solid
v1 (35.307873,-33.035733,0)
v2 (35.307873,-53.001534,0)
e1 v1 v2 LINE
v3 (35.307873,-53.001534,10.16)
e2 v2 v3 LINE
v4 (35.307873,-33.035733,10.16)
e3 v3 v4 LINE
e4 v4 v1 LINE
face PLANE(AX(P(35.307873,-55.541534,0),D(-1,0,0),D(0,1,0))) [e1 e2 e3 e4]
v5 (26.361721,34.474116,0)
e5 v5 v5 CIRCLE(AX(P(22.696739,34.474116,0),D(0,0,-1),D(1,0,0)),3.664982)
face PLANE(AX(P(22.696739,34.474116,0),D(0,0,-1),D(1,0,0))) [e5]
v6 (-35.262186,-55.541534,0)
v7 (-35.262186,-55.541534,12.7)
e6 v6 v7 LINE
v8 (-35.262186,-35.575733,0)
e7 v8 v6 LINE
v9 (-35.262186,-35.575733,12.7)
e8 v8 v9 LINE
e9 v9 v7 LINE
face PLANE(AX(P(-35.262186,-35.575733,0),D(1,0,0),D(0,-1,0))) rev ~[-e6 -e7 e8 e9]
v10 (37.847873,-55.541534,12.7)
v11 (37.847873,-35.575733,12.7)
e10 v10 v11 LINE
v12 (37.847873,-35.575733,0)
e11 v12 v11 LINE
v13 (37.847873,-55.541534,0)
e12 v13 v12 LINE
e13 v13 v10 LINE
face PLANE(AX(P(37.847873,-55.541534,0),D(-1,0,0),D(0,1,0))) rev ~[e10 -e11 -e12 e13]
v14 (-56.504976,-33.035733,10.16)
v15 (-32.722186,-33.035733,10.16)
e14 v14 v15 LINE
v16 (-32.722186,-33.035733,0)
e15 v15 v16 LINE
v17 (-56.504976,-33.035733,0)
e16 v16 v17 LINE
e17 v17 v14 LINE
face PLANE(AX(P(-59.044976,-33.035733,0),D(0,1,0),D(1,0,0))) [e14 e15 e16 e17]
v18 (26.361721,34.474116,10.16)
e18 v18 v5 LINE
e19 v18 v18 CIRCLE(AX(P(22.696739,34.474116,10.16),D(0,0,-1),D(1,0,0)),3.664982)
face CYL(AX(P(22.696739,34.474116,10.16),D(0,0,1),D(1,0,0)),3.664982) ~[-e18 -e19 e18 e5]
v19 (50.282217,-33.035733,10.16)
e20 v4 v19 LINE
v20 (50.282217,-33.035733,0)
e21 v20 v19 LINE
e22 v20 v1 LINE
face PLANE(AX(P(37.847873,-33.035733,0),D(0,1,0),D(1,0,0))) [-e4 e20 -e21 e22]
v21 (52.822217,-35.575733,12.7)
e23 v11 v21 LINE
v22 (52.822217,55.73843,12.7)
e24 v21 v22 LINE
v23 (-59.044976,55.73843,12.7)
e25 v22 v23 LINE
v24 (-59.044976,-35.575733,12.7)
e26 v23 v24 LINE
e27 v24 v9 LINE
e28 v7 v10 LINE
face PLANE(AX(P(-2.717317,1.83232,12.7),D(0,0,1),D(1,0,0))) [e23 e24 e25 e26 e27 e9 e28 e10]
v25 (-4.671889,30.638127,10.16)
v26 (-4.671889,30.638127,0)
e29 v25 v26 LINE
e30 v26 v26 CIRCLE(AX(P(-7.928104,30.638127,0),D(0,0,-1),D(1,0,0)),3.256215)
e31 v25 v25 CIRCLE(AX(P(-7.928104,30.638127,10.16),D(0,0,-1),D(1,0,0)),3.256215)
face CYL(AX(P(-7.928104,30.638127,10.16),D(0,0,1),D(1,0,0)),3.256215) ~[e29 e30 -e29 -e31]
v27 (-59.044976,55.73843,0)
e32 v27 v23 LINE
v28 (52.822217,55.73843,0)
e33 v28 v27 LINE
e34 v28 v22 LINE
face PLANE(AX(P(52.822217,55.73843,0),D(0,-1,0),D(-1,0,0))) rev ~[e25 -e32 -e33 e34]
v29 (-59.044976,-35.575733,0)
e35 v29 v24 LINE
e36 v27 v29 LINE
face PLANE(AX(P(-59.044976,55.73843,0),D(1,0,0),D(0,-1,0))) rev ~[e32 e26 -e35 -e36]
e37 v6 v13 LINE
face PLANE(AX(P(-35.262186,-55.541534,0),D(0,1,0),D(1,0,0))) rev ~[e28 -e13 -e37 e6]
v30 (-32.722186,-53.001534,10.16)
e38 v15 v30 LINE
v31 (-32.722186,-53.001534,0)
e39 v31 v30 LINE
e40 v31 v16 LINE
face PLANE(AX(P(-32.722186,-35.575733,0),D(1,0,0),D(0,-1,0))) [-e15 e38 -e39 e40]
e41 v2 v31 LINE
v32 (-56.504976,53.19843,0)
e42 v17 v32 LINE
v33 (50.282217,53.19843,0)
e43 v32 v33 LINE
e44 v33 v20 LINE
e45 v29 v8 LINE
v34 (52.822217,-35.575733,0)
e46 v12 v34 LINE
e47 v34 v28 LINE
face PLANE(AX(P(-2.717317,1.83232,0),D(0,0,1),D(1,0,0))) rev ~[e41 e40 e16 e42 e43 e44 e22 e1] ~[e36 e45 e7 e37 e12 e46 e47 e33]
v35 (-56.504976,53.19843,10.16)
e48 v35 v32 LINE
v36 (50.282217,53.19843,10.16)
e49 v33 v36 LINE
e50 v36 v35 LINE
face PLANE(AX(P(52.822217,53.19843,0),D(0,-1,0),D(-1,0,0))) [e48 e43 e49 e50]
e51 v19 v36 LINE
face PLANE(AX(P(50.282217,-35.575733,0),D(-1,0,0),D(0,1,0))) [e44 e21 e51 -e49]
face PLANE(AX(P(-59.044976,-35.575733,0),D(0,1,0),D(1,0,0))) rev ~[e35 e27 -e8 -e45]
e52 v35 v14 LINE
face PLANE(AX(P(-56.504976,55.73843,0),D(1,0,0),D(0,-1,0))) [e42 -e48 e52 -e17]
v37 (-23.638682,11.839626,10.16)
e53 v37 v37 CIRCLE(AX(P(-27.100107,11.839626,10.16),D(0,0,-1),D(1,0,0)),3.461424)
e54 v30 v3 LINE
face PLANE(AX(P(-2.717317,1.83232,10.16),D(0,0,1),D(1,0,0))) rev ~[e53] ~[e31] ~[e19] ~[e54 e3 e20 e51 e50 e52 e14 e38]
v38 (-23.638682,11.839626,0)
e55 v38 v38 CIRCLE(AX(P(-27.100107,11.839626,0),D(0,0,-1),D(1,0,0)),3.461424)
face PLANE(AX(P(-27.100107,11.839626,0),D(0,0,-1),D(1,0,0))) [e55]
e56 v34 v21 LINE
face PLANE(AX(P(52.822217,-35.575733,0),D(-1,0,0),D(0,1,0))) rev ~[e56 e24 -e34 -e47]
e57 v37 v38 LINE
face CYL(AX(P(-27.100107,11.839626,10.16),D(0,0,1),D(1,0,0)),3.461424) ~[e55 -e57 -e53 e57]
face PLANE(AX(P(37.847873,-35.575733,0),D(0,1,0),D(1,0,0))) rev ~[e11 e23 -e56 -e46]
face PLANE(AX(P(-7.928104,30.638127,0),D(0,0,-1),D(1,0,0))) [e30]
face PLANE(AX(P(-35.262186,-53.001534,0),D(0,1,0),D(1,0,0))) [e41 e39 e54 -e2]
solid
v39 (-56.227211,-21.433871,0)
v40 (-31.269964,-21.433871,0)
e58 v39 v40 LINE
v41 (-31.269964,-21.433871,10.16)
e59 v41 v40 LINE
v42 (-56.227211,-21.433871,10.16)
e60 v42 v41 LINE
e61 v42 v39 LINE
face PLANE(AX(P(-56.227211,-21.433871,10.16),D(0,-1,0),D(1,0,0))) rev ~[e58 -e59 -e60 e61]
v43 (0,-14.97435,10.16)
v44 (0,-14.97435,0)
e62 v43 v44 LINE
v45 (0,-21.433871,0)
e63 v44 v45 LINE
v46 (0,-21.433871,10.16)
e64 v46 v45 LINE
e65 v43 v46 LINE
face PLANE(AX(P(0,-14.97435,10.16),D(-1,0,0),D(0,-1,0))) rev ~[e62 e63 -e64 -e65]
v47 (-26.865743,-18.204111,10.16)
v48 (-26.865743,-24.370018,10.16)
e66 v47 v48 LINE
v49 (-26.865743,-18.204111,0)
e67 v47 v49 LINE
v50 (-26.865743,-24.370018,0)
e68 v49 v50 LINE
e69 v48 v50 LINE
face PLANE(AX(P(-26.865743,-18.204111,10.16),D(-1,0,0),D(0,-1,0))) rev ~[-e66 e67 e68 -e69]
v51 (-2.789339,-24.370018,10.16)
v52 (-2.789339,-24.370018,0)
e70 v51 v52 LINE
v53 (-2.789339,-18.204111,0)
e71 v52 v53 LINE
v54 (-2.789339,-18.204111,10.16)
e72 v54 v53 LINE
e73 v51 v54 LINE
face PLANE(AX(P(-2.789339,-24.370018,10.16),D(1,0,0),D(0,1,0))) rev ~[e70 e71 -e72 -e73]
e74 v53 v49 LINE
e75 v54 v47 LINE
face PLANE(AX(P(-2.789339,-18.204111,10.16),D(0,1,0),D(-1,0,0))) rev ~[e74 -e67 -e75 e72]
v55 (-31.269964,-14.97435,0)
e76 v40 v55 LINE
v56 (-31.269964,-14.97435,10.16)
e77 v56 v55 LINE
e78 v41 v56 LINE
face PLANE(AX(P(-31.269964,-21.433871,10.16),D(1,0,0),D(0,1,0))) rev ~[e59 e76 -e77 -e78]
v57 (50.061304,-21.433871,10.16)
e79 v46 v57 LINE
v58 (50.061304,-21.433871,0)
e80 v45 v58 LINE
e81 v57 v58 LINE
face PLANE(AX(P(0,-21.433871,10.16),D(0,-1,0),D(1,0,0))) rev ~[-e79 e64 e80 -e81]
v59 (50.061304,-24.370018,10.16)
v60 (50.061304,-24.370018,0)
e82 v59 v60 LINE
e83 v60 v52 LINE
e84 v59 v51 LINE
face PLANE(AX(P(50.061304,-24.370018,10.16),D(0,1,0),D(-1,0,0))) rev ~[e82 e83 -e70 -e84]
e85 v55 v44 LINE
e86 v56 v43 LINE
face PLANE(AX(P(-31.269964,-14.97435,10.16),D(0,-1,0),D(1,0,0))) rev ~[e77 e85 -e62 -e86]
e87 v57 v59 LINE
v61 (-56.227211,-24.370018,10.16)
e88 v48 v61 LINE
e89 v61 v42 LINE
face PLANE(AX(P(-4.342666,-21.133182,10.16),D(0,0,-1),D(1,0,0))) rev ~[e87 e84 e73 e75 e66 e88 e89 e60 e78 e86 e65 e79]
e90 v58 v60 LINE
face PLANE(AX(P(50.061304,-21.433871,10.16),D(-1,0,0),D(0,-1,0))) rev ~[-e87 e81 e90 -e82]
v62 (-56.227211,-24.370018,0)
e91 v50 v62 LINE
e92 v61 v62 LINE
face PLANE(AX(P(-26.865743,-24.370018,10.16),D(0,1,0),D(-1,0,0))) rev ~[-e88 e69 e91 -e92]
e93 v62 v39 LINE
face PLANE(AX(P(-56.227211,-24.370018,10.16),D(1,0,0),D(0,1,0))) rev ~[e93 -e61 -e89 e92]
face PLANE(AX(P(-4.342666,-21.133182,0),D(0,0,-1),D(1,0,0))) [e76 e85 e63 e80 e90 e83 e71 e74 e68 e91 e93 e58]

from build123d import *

# Parameters (mm, degrees)
F1_DEPTH = 12.7
F2_T     = -2.54
F5_DEPTH = 10.16
F6_R     = 3.6649817861
F6_R_2   = 3.2562149482
F6_R_3   = 3.4614243846
F7_DEPTH = 10.16


with BuildPart() as f1:
    # F0 (on Top) → F1 (new body)
    with BuildSketch(Plane.XY):
        Polygon((-59.0449757874, 55.7384304702), (-59.0449757874, 0), (-59.0449757874, -35.5757325888), (-35.2621860802, -35.5757325888), (-35.2621860802, -55.5415339768), (37.8478728235, -55.5415339768), (37.8478728235, -35.5757325888), (52.8222173452, -35.5757325888), (52.8222173452, 55.7384304702), align=None)
    extrude(amount=F1_DEPTH)

    # F2
    f2_openings = [f1.faces().sort_by_distance(p)[0] for p in [
        (-2.560717, 3.124655, 0),
    ]]
    offset(amount=F2_T, openings=f2_openings, kind=Kind.INTERSECTION)

    # F6 (on face) → F7 (join)
    with BuildSketch(Plane(origin=(0, 0, 10.16), x_dir=(1, 0, 0), z_dir=(0, 0, -1))):
        with Locations((22.6967390627, -34.4741158187)):
            Circle(F6_R)
        with Locations((-7.9281041399, -30.6381266564)):
            Circle(F6_R_2)
        with Locations((-27.1001067013, -11.839626357)):
            Circle(F6_R_3)
    extrude(amount=F7_DEPTH)


with BuildPart() as f5:
    # F4 (on face) → F5 (new body)
    with BuildSketch(Plane(origin=(0, 0, 10.16), x_dir=(1, 0, 0), z_dir=(0, 0, -1))):
        Polygon((-56.2272109091, 24.3700183928), (-56.2272109091, 21.4338712394), (-31.2699638307, 21.4338712394), (-31.2699638307, 14.9743501097), (0, 14.9743501097), (0, 21.4338712394), (50.0613041222, 21.4338712394), (50.0613041222, 24.3700183928), (-2.7893392835, 24.3700183928), (-2.7893392835, 18.2041106746), (-26.8657431006, 18.2041106746), (-26.8657431006, 24.3700183928), align=None)
    extrude(amount=F5_DEPTH)


solid = Compound([f1.part, f5.part])
